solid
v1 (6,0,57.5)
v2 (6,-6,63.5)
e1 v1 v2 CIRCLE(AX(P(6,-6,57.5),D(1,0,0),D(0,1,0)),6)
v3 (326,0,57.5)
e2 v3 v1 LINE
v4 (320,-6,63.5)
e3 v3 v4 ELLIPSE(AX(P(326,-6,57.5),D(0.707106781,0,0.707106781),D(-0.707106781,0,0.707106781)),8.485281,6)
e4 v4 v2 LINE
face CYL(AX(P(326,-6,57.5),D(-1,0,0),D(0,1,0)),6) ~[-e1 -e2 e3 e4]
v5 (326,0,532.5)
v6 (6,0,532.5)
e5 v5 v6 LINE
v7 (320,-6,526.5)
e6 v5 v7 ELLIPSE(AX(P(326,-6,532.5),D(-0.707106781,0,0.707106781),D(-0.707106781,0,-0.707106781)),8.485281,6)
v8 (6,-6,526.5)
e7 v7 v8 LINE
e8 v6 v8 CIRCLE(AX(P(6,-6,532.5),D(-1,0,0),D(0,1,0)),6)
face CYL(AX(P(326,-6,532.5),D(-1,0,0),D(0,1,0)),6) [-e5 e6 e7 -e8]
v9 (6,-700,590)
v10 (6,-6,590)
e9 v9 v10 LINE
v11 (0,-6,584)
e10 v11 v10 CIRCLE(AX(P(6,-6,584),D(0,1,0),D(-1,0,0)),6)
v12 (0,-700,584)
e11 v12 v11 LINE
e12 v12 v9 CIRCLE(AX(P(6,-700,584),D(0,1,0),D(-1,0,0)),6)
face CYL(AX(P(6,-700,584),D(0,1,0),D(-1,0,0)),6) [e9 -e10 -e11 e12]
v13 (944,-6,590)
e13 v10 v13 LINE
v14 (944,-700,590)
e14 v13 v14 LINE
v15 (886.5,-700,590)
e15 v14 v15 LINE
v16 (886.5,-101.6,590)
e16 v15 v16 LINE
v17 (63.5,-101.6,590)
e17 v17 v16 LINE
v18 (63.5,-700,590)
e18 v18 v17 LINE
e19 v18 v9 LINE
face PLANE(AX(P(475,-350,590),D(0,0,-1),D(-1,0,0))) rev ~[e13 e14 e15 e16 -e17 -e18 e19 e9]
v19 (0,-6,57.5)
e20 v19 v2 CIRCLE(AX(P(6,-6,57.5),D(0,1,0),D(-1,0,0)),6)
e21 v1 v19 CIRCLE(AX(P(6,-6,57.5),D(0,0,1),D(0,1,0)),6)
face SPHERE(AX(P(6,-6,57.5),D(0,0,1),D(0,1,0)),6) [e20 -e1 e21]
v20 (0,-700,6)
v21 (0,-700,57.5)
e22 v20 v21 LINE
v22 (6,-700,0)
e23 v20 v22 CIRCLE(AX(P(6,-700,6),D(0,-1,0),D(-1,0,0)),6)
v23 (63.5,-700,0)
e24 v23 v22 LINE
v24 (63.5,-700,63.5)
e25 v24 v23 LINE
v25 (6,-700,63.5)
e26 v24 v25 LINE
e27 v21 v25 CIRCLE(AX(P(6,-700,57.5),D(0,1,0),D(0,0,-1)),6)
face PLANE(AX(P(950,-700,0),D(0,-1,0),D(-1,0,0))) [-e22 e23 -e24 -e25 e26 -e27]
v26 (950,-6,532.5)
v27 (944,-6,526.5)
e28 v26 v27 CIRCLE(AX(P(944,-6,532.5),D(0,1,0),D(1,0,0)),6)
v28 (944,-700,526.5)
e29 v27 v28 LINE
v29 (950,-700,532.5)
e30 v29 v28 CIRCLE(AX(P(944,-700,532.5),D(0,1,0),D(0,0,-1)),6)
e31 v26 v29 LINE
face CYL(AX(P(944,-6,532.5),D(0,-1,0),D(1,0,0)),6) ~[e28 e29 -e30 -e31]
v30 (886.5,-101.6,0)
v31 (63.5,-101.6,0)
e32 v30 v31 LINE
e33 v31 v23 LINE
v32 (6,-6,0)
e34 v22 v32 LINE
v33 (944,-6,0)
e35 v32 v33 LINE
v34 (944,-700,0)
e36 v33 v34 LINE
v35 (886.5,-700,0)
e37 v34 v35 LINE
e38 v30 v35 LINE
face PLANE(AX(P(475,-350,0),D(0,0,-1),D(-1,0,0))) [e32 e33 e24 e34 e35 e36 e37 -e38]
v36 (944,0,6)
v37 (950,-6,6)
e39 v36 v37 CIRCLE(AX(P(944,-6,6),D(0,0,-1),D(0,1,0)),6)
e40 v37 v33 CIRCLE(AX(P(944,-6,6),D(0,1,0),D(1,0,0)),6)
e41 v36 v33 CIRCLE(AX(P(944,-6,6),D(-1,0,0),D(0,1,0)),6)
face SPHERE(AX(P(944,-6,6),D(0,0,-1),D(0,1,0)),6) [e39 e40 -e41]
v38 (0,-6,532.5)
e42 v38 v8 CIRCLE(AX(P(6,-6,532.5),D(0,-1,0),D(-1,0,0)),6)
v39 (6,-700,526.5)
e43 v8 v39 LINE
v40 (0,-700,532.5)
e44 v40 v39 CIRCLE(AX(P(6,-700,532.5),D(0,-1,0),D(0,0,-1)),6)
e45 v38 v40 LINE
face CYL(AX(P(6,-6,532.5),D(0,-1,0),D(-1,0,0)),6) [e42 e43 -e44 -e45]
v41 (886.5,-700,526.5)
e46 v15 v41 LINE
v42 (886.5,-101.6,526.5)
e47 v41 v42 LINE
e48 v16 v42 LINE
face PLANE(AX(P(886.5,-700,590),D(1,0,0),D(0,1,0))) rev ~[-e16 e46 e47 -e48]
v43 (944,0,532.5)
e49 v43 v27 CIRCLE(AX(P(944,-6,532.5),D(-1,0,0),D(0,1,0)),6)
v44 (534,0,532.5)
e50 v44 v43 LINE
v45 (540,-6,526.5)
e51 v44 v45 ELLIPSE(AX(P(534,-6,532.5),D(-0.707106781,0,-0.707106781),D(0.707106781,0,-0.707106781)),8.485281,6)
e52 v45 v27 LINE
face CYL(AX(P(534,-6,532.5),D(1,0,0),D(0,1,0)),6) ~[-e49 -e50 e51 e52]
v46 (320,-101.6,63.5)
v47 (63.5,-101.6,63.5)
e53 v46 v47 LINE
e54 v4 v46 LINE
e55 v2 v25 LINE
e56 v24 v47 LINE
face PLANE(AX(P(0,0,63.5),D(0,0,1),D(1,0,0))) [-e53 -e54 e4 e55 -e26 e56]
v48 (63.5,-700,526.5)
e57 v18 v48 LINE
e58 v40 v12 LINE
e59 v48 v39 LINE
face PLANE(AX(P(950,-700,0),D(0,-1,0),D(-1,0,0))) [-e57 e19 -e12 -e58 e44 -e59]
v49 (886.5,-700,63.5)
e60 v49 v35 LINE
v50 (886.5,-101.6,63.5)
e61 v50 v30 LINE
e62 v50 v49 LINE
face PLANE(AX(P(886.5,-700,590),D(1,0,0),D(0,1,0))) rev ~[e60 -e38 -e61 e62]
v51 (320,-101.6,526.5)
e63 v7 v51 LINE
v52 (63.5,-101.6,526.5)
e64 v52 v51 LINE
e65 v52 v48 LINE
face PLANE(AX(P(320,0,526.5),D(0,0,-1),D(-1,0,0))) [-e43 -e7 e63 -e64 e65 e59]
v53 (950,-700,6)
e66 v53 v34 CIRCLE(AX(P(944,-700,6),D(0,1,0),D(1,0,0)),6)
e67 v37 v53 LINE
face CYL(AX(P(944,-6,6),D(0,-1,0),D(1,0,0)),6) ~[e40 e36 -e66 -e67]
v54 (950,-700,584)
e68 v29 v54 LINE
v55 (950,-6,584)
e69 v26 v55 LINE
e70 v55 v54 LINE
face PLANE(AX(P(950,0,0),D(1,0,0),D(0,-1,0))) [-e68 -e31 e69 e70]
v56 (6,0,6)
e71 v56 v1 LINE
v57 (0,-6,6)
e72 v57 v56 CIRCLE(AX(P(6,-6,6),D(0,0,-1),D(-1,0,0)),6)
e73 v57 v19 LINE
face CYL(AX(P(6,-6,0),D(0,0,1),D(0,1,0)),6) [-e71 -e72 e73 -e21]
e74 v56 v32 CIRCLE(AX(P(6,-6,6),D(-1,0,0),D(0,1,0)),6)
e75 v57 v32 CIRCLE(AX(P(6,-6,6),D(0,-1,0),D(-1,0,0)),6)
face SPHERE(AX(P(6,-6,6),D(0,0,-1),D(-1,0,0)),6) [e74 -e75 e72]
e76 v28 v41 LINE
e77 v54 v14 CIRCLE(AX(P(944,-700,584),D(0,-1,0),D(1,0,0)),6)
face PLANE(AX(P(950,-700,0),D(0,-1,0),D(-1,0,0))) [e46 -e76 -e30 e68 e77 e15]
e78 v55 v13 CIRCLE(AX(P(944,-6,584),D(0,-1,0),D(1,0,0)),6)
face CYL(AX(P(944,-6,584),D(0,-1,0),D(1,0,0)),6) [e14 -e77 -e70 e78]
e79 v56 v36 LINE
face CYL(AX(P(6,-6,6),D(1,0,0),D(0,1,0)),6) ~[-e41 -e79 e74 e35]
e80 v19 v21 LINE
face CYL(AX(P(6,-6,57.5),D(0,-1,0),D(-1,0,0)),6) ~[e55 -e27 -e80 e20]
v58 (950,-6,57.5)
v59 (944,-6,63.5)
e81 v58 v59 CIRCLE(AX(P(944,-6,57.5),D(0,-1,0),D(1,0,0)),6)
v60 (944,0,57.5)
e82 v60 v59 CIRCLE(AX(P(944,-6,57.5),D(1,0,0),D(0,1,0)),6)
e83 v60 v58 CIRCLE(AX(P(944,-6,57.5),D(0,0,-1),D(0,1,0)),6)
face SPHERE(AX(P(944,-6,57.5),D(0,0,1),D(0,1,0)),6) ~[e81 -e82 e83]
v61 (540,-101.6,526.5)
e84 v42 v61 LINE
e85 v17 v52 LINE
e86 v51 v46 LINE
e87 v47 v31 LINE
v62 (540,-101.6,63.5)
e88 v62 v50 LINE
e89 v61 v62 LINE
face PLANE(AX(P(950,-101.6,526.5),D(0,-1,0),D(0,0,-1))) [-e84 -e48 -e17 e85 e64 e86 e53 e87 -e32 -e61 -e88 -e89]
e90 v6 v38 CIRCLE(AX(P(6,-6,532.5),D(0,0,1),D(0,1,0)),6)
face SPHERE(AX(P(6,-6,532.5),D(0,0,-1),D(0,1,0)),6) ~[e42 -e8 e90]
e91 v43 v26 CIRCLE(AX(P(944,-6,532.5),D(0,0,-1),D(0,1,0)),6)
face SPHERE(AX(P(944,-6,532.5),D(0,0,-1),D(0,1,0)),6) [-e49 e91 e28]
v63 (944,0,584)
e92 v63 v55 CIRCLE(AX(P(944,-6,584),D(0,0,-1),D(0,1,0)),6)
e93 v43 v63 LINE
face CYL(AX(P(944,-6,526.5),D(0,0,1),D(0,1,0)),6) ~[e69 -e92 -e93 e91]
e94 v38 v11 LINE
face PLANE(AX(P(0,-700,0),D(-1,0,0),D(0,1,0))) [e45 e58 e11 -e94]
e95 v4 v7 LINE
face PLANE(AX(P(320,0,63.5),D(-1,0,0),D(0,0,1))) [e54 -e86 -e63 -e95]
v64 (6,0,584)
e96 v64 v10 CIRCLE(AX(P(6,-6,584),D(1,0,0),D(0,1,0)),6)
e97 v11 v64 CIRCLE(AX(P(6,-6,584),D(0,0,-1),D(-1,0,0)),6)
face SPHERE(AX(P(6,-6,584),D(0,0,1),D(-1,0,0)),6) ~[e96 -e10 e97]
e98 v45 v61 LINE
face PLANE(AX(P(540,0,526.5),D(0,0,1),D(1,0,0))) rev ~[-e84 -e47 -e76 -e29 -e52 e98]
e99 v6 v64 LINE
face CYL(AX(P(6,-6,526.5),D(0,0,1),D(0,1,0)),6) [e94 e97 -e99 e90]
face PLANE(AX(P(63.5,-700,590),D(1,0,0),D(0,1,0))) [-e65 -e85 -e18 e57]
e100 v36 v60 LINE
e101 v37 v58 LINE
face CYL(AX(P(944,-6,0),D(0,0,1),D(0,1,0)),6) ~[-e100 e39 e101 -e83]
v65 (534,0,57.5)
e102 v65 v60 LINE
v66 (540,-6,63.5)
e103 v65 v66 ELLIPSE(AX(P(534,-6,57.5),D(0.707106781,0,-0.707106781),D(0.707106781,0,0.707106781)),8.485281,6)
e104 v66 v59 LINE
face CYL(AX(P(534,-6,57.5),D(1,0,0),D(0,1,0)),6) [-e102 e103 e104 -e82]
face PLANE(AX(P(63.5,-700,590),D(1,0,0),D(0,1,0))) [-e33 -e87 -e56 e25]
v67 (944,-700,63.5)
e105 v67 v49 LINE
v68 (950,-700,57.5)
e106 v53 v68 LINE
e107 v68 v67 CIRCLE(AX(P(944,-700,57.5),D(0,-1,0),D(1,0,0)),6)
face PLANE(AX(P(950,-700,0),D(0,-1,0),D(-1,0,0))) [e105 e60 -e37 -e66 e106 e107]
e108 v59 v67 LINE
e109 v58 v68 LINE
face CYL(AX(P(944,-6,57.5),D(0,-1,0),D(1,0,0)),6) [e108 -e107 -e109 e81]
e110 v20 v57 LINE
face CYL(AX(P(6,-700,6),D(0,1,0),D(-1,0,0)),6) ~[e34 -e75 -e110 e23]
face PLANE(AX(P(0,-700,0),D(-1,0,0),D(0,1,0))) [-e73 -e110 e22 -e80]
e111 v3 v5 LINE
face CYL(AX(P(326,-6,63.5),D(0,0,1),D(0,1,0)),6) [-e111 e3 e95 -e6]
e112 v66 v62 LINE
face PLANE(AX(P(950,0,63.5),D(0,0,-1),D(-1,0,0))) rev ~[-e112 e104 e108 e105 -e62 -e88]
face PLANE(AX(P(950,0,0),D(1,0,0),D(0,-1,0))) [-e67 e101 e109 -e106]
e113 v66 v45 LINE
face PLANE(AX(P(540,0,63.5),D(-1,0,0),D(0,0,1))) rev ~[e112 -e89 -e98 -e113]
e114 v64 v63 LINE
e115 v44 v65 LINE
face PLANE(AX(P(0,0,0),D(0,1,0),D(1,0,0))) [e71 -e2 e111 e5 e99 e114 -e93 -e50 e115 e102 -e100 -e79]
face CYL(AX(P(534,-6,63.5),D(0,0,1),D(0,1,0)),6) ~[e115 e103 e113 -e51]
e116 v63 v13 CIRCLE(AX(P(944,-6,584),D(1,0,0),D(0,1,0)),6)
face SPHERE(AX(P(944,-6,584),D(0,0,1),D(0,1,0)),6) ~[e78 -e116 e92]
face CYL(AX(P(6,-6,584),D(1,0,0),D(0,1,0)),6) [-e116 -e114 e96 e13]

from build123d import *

# Parameters (mm, degrees)
SALIENTE_EXTRUIR1_DEPTH = 590
CROQUIS2_W              = 823.0000000000001
CROQUIS2_H              = 598.4
CORTAR_EXTRUIR1_DEPTH   = 1000
CORTAR_EXTRUIR2_DEPTH   = 1000
CORTAR_EXTRUIR3_DEPTH   = 200
REDONDEO1_R             = 6
REDONDEO2_R             = 6
REDONDEO3_R             = 6


with BuildPart() as part:
    # Croquis1 → Saliente-Extruir1 (new body)
    with BuildSketch(Plane.XY):
        Polygon((0, 0), (950, 0), (950.0000000000001, -700), (8.573e-14, -700), align=None)
    extrude(amount=SALIENTE_EXTRUIR1_DEPTH)

    # Croquis2 → Cortar-Extruir1 (cut)
    with BuildSketch(Plane.XY.offset(590)):
        with Locations((475.00000000000006, -400.8)):
            Rectangle(CROQUIS2_W, CROQUIS2_H)
    extrude(amount=-CORTAR_EXTRUIR1_DEPTH, mode=Mode.SUBTRACT)

    # Croquis3 → Cortar-Extruir2 (cut)
    with BuildSketch(Plane(origin=(950, 1.5067e-13, 0), x_dir=(0, 0, -1), z_dir=(1, 1.6e-16, 0))):
        Polygon((-526.5, -101.60000000000014), (-63.5, -101.60000000000014), (-63.499999999999886, -700.0000000000001), (-526.4999999999999, -700.0000000000001), align=None)
    extrude(amount=-CORTAR_EXTRUIR2_DEPTH, mode=Mode.SUBTRACT)

    # Croquis4 → Cortar-Extruir3 (cut)
    with BuildSketch(Plane(origin=(0, 0, 0), x_dir=(1, 0, 0), z_dir=(0, 1, 0))):
        Polygon((4.857e-14, -63.5), (320.00000000000006, -63.5), (320.0000000000001, -526.5), (5.67e-14, -526.5), align=None)
        Polygon((950, -63.5), (540, -63.50000000000004), (540.0000000000001, -526.4999999999999), (950.0000000000001, -526.4999999999999), align=None)
    extrude(amount=-CORTAR_EXTRUIR3_DEPTH, mode=Mode.SUBTRACT)

    # Redondeo1
    redondeo1_edges = [part.edges().sort_by_distance(p)[0] for p in [
        (0, 0, 31.75),
        (0, 0, 558.25),
        (950, 0, 558.25),
        (950, 0, 31.75),
    ]]
    fillet(redondeo1_edges, radius=REDONDEO1_R)

    # Redondeo2
    redondeo2_edges = [part.edges().sort_by_distance(p)[0] for p in [
        (320.0000000000001, 0, 295),
        (540, 0, 294.99999999999994),
    ]]
    fillet(redondeo2_edges, radius=REDONDEO2_R)

    # Redondeo3
    redondeo3_edges = [part.edges().sort_by_distance(p)[0] for p in [
        (950.0000000000001, -353, 590),
        (948.2426406871193, -1.7573593128807152, 590),
        (4.323e-14, -353, 590),
        (1.7573593128807161, -1.7573593128807143, 590),
        (950.0000000000001, -353, 0),
        (948.2426406871193, -1.7573593128807152, 0),
        (4.323e-14, -353, 0),
        (1.7573593128807161, -1.7573593128807143, 0),
        (950.0000000000001, -353, 526.4999999999999),
        (948.2426406871193, -1.7573593128807152, 526.4999999999999),
        (7.839e-14, -353, 526.4999999999999),
        (1.7573593128807161, -1.7573593128807143, 526.5),
        (7.436e-14, -353, 63.49999999999994),
        (1.7573593128807161, -1.7573593128807143, 63.5),
        (950.0000000000001, -353, 63.49999999999994),
        (948.2426406871193, -1.7573593128807152, 63.5),
        (475, 0, 590),
        (475, 0, 0),
        (739, 0, 526.4999999999999),
        (166.00000000000006, 4.4e-16, 526.5),
        (166.00000000000003, 4.4e-16, 63.5),
        (739, 0, 63.50000000000002),
    ]]
    fillet(redondeo3_edges, radius=REDONDEO3_R)


solid = part.part
